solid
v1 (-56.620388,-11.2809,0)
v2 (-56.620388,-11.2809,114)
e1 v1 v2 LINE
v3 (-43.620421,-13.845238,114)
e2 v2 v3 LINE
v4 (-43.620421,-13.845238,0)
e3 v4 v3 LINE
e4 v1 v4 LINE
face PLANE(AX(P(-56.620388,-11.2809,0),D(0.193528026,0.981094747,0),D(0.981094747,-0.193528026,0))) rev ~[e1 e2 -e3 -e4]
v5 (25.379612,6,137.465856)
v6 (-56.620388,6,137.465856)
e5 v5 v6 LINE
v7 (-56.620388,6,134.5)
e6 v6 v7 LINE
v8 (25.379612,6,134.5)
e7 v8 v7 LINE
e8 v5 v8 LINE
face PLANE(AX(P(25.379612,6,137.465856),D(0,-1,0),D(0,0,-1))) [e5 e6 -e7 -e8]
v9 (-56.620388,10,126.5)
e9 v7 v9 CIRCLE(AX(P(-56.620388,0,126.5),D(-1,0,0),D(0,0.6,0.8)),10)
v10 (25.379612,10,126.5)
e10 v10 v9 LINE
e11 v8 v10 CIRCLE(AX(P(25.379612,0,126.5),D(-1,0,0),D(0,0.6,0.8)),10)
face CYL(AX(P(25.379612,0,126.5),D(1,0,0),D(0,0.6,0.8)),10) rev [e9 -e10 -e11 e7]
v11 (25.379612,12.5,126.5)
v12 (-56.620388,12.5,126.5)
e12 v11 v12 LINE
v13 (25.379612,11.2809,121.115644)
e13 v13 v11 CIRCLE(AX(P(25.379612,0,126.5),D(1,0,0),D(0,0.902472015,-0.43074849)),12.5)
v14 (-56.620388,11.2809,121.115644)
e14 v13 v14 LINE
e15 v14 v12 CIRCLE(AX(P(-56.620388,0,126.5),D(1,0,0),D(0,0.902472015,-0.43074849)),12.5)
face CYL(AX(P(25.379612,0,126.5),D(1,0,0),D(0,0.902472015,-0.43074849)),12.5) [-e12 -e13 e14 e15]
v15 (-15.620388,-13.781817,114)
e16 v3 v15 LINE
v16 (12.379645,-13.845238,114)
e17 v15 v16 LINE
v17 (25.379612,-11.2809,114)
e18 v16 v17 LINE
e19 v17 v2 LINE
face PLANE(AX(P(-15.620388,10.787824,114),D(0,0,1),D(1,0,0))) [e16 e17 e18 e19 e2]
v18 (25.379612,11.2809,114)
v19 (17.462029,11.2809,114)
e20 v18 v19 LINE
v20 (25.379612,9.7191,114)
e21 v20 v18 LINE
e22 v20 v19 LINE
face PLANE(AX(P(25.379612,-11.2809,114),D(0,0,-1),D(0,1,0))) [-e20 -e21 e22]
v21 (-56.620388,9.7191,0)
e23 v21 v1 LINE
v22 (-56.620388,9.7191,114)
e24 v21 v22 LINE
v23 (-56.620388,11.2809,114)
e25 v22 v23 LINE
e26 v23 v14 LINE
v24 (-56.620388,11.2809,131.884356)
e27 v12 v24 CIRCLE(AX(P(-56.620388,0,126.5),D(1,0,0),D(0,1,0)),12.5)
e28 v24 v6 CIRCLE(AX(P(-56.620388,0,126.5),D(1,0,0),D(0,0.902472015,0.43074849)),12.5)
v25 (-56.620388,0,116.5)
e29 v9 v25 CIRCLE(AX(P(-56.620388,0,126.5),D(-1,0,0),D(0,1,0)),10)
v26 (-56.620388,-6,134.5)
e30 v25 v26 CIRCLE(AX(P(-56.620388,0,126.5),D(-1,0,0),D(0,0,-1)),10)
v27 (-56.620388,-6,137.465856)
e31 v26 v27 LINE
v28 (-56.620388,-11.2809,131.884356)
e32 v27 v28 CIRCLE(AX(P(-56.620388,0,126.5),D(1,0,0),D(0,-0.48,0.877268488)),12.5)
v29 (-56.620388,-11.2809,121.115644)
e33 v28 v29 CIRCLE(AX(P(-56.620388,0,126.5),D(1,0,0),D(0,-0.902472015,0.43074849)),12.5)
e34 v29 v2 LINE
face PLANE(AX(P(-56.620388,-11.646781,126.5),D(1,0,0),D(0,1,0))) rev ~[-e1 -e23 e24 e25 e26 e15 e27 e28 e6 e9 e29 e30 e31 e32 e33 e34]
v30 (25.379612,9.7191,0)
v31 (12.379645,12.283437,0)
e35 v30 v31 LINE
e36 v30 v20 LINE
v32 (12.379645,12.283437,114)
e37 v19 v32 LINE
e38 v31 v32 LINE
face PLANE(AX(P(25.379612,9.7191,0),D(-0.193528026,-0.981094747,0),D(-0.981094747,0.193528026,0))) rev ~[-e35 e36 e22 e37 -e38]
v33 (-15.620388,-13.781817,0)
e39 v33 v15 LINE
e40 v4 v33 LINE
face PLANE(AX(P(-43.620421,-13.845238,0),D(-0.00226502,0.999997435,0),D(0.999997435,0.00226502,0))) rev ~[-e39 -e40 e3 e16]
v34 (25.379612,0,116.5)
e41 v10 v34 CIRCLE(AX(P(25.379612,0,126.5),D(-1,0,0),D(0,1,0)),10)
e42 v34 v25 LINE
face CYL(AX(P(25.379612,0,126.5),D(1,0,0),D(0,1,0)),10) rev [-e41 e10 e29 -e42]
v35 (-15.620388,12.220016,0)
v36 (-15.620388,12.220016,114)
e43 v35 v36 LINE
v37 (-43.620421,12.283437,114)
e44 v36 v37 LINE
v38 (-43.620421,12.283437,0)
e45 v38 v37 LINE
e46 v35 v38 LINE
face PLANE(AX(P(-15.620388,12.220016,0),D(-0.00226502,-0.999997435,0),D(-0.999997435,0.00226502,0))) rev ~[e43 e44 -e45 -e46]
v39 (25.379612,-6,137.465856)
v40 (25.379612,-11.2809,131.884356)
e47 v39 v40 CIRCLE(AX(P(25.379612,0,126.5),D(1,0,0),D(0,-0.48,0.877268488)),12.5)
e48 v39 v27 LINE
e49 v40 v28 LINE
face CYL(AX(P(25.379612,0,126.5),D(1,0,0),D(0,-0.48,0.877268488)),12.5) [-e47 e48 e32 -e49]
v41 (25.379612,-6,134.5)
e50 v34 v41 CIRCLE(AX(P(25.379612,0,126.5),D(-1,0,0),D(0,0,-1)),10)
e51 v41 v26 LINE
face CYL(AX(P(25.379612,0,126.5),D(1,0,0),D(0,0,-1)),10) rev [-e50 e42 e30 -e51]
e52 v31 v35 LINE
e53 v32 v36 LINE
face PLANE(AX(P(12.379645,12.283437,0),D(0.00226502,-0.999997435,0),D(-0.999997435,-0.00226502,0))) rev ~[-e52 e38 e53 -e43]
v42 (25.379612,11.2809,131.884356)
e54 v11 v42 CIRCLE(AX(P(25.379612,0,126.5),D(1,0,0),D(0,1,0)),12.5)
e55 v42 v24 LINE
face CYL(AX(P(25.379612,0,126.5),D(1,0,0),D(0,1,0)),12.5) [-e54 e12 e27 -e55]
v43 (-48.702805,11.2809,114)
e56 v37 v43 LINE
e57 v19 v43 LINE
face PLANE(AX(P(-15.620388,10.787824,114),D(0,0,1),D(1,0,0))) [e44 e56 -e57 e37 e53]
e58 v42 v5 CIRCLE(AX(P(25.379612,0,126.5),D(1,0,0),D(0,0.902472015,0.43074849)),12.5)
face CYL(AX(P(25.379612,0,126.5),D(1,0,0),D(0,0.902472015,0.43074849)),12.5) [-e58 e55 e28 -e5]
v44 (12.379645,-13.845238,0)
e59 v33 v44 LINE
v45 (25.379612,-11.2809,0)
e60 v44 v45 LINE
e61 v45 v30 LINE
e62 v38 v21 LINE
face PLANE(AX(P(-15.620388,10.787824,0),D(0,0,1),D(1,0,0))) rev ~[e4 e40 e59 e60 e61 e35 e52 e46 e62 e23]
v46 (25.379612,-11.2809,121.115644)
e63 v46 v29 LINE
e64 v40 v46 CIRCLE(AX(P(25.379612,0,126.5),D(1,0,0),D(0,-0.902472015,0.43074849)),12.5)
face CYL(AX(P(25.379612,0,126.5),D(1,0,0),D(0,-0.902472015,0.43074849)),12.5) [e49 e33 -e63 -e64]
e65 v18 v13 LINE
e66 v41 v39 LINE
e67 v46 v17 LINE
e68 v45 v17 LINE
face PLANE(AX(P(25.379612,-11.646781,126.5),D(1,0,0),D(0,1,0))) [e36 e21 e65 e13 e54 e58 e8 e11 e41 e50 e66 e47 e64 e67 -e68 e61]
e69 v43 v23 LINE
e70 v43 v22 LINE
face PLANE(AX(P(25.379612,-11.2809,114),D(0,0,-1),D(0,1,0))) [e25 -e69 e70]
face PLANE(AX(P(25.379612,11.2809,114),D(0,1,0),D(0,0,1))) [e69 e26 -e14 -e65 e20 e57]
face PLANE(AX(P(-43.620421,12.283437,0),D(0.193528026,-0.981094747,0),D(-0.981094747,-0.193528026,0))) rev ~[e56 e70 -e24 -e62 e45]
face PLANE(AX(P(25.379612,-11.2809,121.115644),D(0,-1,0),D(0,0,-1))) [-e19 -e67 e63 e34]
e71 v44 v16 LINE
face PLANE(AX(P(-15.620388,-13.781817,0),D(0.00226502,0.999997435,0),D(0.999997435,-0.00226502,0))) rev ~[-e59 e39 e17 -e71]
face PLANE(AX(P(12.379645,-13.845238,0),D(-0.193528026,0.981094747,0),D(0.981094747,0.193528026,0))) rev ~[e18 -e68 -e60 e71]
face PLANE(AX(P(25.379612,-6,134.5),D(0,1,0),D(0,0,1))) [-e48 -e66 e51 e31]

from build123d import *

# Parameters (mm, degrees)
F1_DEPTH = 114
F3_DEPTH = 82


with BuildPart() as f1:
    # F0 (on Top) → F1 (new body)
    with BuildSketch(Plane.XY):
        Polygon((-56.6203880661, 9.7190998064), (25.3796119339, 9.7190998064), (12.379645281, 12.2834371362), (-15.6203880661, 12.22001634), (-43.6204214132, 12.2834371362), align=None)
        Polygon((-15.6203880661, -0.7809001936), (25.3796119339, -0.7809001936), (25.3796119339, 9.7190998064), (-56.6203880661, 9.7190998064), (-56.6203880661, -0.7809001936), align=None)
        Polygon((25.3796119339, -11.2809001936), (25.3796119339, -0.7809001936), (-15.6203880661, -0.7809001936), (-56.6203880661, -0.7809001936), (-56.6203880661, -11.2809001936), align=None)
        Polygon((12.379645281, -13.8452375234), (25.3796119339, -11.2809001936), (-56.6203880661, -11.2809001936), (-43.6204214132, -13.8452375234), (-15.6203880661, -13.7818167272), align=None)
    extrude(amount=F1_DEPTH)

    # F2 (on face) → F3 (join)
    with BuildSketch(Plane.YZ.offset(25.3796119339)):
        with BuildLine():
            ThreePointArc((-11.2809001936, 131.8843561195), (-12.5, 126.5), (-11.2809001936, 121.1156438805))
            Line((-11.2809001936, 121.1156438805), (-11.2809001936, 131.8843561195))
        make_face()
        with BuildLine():
            Line((-11.2809001936, 114), (0, 114))
            ThreePointArc((0, 114), (-6.6687910638, 115.9275250888), (-11.2809001936, 121.1156438805))
            Line((-11.2809001936, 121.1156438805), (-11.2809001936, 114))
        make_face()
        with BuildLine():
            ThreePointArc((-11.2809001936, 121.1156438805), (-6.6687910638, 115.9275250888), (0, 114))
            Line((0, 114), (0, 116.5))
            ThreePointArc((0, 116.5), (-9.4868329805, 123.3377223398), (-6, 134.5))
            Line((-6, 134.5), (-6, 137.4658560997))
            ThreePointArc((-6, 137.4658560997), (-9.0799594373, 135.0909450363), (-11.2809001936, 131.8843561195))
            Line((-11.2809001936, 131.8843561195), (-11.2809001936, 121.1156438805))
        make_face()
        with BuildLine():
            Line((0, 116.5), (0, 114))
            ThreePointArc((0, 114), (6.6687910638, 115.9275250888), (11.2809001936, 121.1156438805))
            Line((11.2809001936, 121.1156438805), (11.2809001936, 131.8843561195))
            ThreePointArc((11.2809001936, 131.8843561195), (9.0799594373, 135.0909450363), (6, 137.4658560997))
            Line((6, 137.4658560997), (6, 134.5))
            ThreePointArc((6, 134.5), (8.94427191, 130.972135955), (10, 126.5))
            ThreePointArc((10, 126.5), (7.0710678119, 119.4289321881), (0, 116.5))
        make_face()
        with BuildLine():
            ThreePointArc((11.2809001936, 121.1156438805), (6.6687910638, 115.9275250888), (0, 114))
            Line((0, 114), (9.7190998064, 114))
            Line((9.7190998064, 114), (11.2809001936, 114))
            Line((11.2809001936, 114), (11.2809001936, 121.1156438805))
        make_face()
        with BuildLine():
            Line((11.2809001936, 131.8843561195), (11.2809001936, 121.1156438805))
            ThreePointArc((11.2809001936, 121.1156438805), (12.1914160872, 123.7396786799), (12.5, 126.5))
            ThreePointArc((12.5, 126.5), (12.1914160872, 129.2603213201), (11.2809001936, 131.8843561195))
        make_face()
    extrude(amount=-F3_DEPTH)


solid = f1.part
